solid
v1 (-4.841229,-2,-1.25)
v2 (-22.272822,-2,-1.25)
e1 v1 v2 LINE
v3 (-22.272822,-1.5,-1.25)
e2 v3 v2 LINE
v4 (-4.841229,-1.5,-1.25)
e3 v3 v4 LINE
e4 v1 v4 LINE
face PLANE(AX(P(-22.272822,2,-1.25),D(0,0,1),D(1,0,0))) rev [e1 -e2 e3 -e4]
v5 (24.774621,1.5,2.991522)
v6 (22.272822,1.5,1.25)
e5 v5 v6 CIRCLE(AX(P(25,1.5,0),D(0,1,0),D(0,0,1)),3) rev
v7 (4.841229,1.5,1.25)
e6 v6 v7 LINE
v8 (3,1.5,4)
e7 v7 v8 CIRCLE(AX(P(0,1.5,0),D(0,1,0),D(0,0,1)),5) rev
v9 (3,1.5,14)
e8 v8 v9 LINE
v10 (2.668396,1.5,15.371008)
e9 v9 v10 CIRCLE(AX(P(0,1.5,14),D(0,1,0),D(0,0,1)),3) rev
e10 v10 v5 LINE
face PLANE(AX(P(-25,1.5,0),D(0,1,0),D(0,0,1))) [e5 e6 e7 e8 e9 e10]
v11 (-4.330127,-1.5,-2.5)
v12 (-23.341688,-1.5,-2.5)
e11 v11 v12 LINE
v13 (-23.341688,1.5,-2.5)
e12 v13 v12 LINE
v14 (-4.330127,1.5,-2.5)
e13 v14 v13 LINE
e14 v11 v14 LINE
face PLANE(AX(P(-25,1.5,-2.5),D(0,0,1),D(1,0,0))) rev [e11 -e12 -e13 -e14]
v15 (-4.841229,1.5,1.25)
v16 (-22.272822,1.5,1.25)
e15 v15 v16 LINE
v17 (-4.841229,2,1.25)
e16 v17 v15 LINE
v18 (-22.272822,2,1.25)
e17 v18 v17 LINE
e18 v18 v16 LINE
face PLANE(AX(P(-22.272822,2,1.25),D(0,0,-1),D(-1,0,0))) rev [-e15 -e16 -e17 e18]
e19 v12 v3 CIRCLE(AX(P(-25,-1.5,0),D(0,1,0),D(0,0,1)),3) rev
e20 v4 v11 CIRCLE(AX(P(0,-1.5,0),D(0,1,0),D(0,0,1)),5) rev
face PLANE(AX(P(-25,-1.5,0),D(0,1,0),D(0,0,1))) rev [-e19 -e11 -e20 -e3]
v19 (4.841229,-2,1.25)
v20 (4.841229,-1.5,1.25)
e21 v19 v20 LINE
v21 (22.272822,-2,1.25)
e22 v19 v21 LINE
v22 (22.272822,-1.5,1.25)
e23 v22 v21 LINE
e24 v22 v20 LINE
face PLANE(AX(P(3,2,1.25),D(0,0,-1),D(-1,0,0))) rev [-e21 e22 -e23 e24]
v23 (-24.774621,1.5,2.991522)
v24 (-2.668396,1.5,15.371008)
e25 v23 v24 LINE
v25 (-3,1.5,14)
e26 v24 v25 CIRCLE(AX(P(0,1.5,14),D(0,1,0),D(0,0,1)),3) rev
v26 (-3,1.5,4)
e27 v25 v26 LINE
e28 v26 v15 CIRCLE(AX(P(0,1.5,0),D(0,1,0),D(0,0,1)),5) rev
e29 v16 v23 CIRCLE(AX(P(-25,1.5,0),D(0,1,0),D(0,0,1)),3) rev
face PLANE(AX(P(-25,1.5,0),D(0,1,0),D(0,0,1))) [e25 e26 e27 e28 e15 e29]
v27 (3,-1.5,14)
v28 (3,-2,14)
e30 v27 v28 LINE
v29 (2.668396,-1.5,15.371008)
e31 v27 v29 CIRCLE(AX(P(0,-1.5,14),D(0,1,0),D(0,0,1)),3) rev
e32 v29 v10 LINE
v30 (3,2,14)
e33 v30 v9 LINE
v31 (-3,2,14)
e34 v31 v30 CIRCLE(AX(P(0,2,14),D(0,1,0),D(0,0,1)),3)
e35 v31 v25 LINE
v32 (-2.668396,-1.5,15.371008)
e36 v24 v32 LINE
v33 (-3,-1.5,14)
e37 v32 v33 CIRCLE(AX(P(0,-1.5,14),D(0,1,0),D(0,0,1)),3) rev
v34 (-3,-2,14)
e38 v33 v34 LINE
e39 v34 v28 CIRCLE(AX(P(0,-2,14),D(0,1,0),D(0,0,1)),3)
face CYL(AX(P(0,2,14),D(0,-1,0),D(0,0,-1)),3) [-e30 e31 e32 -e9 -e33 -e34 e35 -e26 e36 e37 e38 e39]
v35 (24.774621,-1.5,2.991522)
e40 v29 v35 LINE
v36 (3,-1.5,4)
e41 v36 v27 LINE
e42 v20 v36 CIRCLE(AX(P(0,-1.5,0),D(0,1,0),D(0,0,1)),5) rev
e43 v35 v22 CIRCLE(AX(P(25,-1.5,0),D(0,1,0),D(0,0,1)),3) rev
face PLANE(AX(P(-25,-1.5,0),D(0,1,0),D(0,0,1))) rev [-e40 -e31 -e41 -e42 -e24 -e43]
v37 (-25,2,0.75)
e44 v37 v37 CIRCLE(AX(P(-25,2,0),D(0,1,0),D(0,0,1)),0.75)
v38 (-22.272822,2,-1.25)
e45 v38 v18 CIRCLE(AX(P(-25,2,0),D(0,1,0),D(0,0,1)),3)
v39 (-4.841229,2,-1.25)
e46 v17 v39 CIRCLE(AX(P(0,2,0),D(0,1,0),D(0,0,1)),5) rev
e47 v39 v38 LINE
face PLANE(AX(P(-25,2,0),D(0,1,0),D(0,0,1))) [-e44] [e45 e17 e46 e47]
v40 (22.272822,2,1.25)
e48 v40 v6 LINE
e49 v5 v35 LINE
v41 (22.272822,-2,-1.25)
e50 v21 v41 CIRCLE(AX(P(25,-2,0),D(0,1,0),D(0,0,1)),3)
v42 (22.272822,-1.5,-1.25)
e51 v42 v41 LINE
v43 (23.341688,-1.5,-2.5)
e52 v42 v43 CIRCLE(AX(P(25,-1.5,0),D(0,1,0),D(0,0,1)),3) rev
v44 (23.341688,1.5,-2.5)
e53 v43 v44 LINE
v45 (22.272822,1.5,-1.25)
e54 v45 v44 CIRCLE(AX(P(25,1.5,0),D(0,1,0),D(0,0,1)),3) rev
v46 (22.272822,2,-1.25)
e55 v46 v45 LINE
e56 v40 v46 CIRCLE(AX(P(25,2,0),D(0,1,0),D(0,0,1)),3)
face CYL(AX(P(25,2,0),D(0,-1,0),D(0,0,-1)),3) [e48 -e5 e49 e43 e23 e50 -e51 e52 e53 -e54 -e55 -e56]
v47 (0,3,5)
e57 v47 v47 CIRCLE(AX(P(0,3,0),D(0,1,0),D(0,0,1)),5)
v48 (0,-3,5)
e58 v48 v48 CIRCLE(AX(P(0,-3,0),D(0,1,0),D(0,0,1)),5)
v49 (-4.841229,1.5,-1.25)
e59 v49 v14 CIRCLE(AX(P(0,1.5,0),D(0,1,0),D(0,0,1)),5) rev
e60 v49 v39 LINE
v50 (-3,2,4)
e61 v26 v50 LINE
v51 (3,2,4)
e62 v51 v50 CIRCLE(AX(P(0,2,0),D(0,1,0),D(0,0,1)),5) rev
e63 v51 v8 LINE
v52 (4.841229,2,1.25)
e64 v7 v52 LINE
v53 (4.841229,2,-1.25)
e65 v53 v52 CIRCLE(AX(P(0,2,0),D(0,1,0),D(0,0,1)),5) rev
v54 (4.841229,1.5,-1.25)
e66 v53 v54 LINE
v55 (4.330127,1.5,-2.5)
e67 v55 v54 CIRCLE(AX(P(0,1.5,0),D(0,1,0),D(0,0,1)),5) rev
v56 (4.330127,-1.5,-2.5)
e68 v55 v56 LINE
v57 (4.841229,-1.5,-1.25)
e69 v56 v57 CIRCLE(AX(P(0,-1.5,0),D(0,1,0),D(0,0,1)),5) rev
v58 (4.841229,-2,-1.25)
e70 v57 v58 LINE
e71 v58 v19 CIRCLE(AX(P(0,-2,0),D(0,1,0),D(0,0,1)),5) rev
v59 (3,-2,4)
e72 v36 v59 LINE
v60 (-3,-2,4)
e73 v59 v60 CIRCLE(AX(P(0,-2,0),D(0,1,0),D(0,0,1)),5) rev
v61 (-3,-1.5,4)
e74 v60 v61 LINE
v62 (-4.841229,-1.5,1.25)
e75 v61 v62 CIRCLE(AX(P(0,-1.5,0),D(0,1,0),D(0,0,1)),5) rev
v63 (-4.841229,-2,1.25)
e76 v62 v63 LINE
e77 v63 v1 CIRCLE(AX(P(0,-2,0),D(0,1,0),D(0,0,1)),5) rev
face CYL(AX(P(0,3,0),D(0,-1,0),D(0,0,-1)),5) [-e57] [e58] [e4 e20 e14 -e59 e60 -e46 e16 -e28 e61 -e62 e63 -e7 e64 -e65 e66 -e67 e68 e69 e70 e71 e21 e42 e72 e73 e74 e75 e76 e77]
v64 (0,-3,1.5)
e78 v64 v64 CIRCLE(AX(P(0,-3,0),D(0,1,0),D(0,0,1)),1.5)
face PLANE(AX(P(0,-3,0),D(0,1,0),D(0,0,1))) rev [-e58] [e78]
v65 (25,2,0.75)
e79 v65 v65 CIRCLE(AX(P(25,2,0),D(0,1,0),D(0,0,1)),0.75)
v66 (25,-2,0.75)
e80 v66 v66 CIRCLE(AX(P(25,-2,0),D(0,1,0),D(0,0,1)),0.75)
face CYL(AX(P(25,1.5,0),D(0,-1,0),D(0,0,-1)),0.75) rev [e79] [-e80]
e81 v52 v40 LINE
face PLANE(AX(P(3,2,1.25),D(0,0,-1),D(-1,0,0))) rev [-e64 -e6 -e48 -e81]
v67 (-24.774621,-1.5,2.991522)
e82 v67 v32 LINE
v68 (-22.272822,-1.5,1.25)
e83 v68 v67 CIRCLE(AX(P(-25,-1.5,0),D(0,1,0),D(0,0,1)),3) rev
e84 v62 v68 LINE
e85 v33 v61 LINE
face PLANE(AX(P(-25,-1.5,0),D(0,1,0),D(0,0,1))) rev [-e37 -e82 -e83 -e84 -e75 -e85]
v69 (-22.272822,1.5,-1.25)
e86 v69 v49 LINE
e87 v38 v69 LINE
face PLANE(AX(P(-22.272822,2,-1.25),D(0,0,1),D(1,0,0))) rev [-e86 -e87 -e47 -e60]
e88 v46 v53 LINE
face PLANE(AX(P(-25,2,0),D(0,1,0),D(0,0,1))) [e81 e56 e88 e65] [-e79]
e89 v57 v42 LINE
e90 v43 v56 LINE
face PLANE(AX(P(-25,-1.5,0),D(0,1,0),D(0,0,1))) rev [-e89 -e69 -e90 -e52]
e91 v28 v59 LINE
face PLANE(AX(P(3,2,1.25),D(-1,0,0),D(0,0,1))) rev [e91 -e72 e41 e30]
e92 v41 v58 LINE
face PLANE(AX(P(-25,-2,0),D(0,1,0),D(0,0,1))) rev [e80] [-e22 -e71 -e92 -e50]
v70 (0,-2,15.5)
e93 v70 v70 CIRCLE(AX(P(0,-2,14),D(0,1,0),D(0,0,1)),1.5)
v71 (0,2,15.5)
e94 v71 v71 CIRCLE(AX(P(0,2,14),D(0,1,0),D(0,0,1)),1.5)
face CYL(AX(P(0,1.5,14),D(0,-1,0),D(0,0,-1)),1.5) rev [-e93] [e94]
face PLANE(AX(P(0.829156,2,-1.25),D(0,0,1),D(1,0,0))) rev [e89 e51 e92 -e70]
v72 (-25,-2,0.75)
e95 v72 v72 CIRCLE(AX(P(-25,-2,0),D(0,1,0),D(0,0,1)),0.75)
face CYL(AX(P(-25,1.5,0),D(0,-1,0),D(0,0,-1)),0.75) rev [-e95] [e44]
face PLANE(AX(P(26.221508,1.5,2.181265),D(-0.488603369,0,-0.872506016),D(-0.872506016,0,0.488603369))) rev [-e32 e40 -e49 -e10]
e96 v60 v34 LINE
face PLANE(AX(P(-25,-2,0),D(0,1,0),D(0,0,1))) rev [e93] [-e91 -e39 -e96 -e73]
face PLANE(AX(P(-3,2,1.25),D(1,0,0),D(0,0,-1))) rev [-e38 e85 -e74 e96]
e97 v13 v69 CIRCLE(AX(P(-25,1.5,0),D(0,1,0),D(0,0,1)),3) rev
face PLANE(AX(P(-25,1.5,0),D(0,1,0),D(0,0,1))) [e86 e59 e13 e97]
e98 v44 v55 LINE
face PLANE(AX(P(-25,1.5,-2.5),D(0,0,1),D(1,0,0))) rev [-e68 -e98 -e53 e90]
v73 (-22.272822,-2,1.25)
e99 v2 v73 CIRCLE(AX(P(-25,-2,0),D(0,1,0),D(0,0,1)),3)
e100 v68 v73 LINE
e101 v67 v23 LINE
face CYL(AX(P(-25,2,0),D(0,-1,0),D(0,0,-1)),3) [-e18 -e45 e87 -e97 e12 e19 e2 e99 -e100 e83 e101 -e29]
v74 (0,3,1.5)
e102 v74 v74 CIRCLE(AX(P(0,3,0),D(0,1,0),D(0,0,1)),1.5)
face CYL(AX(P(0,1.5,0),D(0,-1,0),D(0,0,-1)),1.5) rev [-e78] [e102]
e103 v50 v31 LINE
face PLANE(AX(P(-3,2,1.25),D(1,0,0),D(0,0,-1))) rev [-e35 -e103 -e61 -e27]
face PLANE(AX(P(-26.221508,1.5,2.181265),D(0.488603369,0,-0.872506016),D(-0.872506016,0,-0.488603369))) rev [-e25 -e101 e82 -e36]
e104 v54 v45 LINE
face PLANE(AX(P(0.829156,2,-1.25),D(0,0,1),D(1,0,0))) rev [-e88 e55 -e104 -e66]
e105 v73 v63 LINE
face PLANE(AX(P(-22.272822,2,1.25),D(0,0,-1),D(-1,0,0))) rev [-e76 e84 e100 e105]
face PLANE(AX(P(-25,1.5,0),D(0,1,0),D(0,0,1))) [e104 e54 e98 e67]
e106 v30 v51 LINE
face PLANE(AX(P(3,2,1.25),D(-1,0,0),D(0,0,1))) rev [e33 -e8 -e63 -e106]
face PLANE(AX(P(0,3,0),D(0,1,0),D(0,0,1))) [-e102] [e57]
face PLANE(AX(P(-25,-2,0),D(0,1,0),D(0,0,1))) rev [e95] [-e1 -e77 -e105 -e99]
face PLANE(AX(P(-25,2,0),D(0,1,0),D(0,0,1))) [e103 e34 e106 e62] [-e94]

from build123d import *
from build123d.topology import SkipClean

# Parameters (mm, degrees)
SKETCH1_R      = 0.75
SKETCH1_R_2    = 1.5
EXTRUDE1_DEPTH = 1.5
SKETCH2_R      = 0.75
SKETCH2_R_2    = 1.5
EXTRUDE2_DEPTH = 2
SKETCH3_R      = 5
SKETCH3_R_2    = 1.5
EXTRUDE3_DEPTH = 3


with BuildPart() as part:
    # Sketch1 → Extrude1 (new body, symmetric)
    with BuildSketch(Plane(origin=(0, 0, 0), x_dir=(1, 0, 0), z_dir=(0, 1, 0))):
        with BuildLine():
            Line((-25, 2.5), (25, 2.5))
            ThreePointArc((25, 2.5), (27.419004196, 0.631204167), (26.221508422, -2.18126504))
            Line((26.221508422, -2.18126504), (1.221508422, -16.18126504))
            ThreePointArc((1.221508422, -16.18126504), (0, -16.5), (-1.221508422, -16.18126504))
            Line((-1.221508422, -16.18126504), (-26.221508422, -2.18126504))
            ThreePointArc((-26.221508422, -2.18126504), (-27.419004196, 0.631204167), (-25, 2.5))
        make_face()
        with Locations(Location((25, 0, 0), (0, 0, 270))):  # turned: the seam where the file's is
            Circle(SKETCH1_R, mode=Mode.SUBTRACT)
        with Locations(Location((-25, 0, 0), (0, 0, 270))):  # turned: the seam where the file's is
            Circle(SKETCH1_R, mode=Mode.SUBTRACT)
        with Locations(Location((0, -14, 0), (0, 0, 270))):  # turned: the seam where the file's is
            Circle(SKETCH1_R_2, mode=Mode.SUBTRACT)
        with Locations(Location((0, 0, 0), (0, 0, 270))):  # turned: the seam where the file's is
            Circle(SKETCH1_R_2, mode=Mode.SUBTRACT)
    extrude(amount=EXTRUDE1_DEPTH, both=True)

    # Sketch2 → Extrude2 (add, symmetric)
    with SkipClean():  # keep this step's faces unmerged: merging them makes the solid invalid here
        with BuildSketch(Plane(origin=(0, 0, 0), x_dir=(1, 0, 0), z_dir=(0, 1, 0))):
            with BuildLine():
                Line((-22.272821971, 1.25), (-0.829156198, 1.25))
                ThreePointArc((-0.829156198, 1.25), (0, -1.5), (0.829156198, 1.25))
                Line((0.829156198, 1.25), (22.272821971, 1.25))
                ThreePointArc((22.272821971, 1.25), (28, 0), (22.272821971, -1.25))
                Line((22.272821971, -1.25), (3, -1.25))
                Line((3, -1.25), (3, -14))
                ThreePointArc((3, -14), (0, -17), (-3, -14))
                Line((-3, -14), (-3, -1.25))
                Line((-3, -1.25), (-22.272821971, -1.25))
                ThreePointArc((-22.272821971, -1.25), (-28, 0), (-22.272821971, 1.25))
            make_face()
            with Locations(Location((25, 0, 0), (0, 0, 270))):  # turned: the seam where the file's is
                Circle(SKETCH2_R, mode=Mode.SUBTRACT)
            with Locations(Location((0, -14, 0), (0, 0, 270))):  # turned: the seam where the file's is
                Circle(SKETCH2_R_2, mode=Mode.SUBTRACT)
            with Locations(Location((-25, 0, 0), (0, 0, 270))):  # turned: the seam where the file's is
                Circle(SKETCH2_R, mode=Mode.SUBTRACT)
        extrude(amount=EXTRUDE2_DEPTH, both=True)

    # Sketch3 → Extrude3 (add, symmetric)
    with SkipClean():  # keep this step's faces unmerged: merging them makes the solid invalid here
        with BuildSketch(Plane(origin=(0, 0, 0), x_dir=(1, 0, 0), z_dir=(0, 1, 0))):
            with Locations(Location((0, 0, 0), (0, 0, 270))):  # turned: the seam where the file's is
                Circle(SKETCH3_R)
            with Locations(Location((0, 0, 0), (0, 0, 270))):  # turned: the seam where the file's is
                Circle(SKETCH3_R_2, mode=Mode.SUBTRACT)
        extrude(amount=EXTRUDE3_DEPTH, both=True)


solid = part.part
